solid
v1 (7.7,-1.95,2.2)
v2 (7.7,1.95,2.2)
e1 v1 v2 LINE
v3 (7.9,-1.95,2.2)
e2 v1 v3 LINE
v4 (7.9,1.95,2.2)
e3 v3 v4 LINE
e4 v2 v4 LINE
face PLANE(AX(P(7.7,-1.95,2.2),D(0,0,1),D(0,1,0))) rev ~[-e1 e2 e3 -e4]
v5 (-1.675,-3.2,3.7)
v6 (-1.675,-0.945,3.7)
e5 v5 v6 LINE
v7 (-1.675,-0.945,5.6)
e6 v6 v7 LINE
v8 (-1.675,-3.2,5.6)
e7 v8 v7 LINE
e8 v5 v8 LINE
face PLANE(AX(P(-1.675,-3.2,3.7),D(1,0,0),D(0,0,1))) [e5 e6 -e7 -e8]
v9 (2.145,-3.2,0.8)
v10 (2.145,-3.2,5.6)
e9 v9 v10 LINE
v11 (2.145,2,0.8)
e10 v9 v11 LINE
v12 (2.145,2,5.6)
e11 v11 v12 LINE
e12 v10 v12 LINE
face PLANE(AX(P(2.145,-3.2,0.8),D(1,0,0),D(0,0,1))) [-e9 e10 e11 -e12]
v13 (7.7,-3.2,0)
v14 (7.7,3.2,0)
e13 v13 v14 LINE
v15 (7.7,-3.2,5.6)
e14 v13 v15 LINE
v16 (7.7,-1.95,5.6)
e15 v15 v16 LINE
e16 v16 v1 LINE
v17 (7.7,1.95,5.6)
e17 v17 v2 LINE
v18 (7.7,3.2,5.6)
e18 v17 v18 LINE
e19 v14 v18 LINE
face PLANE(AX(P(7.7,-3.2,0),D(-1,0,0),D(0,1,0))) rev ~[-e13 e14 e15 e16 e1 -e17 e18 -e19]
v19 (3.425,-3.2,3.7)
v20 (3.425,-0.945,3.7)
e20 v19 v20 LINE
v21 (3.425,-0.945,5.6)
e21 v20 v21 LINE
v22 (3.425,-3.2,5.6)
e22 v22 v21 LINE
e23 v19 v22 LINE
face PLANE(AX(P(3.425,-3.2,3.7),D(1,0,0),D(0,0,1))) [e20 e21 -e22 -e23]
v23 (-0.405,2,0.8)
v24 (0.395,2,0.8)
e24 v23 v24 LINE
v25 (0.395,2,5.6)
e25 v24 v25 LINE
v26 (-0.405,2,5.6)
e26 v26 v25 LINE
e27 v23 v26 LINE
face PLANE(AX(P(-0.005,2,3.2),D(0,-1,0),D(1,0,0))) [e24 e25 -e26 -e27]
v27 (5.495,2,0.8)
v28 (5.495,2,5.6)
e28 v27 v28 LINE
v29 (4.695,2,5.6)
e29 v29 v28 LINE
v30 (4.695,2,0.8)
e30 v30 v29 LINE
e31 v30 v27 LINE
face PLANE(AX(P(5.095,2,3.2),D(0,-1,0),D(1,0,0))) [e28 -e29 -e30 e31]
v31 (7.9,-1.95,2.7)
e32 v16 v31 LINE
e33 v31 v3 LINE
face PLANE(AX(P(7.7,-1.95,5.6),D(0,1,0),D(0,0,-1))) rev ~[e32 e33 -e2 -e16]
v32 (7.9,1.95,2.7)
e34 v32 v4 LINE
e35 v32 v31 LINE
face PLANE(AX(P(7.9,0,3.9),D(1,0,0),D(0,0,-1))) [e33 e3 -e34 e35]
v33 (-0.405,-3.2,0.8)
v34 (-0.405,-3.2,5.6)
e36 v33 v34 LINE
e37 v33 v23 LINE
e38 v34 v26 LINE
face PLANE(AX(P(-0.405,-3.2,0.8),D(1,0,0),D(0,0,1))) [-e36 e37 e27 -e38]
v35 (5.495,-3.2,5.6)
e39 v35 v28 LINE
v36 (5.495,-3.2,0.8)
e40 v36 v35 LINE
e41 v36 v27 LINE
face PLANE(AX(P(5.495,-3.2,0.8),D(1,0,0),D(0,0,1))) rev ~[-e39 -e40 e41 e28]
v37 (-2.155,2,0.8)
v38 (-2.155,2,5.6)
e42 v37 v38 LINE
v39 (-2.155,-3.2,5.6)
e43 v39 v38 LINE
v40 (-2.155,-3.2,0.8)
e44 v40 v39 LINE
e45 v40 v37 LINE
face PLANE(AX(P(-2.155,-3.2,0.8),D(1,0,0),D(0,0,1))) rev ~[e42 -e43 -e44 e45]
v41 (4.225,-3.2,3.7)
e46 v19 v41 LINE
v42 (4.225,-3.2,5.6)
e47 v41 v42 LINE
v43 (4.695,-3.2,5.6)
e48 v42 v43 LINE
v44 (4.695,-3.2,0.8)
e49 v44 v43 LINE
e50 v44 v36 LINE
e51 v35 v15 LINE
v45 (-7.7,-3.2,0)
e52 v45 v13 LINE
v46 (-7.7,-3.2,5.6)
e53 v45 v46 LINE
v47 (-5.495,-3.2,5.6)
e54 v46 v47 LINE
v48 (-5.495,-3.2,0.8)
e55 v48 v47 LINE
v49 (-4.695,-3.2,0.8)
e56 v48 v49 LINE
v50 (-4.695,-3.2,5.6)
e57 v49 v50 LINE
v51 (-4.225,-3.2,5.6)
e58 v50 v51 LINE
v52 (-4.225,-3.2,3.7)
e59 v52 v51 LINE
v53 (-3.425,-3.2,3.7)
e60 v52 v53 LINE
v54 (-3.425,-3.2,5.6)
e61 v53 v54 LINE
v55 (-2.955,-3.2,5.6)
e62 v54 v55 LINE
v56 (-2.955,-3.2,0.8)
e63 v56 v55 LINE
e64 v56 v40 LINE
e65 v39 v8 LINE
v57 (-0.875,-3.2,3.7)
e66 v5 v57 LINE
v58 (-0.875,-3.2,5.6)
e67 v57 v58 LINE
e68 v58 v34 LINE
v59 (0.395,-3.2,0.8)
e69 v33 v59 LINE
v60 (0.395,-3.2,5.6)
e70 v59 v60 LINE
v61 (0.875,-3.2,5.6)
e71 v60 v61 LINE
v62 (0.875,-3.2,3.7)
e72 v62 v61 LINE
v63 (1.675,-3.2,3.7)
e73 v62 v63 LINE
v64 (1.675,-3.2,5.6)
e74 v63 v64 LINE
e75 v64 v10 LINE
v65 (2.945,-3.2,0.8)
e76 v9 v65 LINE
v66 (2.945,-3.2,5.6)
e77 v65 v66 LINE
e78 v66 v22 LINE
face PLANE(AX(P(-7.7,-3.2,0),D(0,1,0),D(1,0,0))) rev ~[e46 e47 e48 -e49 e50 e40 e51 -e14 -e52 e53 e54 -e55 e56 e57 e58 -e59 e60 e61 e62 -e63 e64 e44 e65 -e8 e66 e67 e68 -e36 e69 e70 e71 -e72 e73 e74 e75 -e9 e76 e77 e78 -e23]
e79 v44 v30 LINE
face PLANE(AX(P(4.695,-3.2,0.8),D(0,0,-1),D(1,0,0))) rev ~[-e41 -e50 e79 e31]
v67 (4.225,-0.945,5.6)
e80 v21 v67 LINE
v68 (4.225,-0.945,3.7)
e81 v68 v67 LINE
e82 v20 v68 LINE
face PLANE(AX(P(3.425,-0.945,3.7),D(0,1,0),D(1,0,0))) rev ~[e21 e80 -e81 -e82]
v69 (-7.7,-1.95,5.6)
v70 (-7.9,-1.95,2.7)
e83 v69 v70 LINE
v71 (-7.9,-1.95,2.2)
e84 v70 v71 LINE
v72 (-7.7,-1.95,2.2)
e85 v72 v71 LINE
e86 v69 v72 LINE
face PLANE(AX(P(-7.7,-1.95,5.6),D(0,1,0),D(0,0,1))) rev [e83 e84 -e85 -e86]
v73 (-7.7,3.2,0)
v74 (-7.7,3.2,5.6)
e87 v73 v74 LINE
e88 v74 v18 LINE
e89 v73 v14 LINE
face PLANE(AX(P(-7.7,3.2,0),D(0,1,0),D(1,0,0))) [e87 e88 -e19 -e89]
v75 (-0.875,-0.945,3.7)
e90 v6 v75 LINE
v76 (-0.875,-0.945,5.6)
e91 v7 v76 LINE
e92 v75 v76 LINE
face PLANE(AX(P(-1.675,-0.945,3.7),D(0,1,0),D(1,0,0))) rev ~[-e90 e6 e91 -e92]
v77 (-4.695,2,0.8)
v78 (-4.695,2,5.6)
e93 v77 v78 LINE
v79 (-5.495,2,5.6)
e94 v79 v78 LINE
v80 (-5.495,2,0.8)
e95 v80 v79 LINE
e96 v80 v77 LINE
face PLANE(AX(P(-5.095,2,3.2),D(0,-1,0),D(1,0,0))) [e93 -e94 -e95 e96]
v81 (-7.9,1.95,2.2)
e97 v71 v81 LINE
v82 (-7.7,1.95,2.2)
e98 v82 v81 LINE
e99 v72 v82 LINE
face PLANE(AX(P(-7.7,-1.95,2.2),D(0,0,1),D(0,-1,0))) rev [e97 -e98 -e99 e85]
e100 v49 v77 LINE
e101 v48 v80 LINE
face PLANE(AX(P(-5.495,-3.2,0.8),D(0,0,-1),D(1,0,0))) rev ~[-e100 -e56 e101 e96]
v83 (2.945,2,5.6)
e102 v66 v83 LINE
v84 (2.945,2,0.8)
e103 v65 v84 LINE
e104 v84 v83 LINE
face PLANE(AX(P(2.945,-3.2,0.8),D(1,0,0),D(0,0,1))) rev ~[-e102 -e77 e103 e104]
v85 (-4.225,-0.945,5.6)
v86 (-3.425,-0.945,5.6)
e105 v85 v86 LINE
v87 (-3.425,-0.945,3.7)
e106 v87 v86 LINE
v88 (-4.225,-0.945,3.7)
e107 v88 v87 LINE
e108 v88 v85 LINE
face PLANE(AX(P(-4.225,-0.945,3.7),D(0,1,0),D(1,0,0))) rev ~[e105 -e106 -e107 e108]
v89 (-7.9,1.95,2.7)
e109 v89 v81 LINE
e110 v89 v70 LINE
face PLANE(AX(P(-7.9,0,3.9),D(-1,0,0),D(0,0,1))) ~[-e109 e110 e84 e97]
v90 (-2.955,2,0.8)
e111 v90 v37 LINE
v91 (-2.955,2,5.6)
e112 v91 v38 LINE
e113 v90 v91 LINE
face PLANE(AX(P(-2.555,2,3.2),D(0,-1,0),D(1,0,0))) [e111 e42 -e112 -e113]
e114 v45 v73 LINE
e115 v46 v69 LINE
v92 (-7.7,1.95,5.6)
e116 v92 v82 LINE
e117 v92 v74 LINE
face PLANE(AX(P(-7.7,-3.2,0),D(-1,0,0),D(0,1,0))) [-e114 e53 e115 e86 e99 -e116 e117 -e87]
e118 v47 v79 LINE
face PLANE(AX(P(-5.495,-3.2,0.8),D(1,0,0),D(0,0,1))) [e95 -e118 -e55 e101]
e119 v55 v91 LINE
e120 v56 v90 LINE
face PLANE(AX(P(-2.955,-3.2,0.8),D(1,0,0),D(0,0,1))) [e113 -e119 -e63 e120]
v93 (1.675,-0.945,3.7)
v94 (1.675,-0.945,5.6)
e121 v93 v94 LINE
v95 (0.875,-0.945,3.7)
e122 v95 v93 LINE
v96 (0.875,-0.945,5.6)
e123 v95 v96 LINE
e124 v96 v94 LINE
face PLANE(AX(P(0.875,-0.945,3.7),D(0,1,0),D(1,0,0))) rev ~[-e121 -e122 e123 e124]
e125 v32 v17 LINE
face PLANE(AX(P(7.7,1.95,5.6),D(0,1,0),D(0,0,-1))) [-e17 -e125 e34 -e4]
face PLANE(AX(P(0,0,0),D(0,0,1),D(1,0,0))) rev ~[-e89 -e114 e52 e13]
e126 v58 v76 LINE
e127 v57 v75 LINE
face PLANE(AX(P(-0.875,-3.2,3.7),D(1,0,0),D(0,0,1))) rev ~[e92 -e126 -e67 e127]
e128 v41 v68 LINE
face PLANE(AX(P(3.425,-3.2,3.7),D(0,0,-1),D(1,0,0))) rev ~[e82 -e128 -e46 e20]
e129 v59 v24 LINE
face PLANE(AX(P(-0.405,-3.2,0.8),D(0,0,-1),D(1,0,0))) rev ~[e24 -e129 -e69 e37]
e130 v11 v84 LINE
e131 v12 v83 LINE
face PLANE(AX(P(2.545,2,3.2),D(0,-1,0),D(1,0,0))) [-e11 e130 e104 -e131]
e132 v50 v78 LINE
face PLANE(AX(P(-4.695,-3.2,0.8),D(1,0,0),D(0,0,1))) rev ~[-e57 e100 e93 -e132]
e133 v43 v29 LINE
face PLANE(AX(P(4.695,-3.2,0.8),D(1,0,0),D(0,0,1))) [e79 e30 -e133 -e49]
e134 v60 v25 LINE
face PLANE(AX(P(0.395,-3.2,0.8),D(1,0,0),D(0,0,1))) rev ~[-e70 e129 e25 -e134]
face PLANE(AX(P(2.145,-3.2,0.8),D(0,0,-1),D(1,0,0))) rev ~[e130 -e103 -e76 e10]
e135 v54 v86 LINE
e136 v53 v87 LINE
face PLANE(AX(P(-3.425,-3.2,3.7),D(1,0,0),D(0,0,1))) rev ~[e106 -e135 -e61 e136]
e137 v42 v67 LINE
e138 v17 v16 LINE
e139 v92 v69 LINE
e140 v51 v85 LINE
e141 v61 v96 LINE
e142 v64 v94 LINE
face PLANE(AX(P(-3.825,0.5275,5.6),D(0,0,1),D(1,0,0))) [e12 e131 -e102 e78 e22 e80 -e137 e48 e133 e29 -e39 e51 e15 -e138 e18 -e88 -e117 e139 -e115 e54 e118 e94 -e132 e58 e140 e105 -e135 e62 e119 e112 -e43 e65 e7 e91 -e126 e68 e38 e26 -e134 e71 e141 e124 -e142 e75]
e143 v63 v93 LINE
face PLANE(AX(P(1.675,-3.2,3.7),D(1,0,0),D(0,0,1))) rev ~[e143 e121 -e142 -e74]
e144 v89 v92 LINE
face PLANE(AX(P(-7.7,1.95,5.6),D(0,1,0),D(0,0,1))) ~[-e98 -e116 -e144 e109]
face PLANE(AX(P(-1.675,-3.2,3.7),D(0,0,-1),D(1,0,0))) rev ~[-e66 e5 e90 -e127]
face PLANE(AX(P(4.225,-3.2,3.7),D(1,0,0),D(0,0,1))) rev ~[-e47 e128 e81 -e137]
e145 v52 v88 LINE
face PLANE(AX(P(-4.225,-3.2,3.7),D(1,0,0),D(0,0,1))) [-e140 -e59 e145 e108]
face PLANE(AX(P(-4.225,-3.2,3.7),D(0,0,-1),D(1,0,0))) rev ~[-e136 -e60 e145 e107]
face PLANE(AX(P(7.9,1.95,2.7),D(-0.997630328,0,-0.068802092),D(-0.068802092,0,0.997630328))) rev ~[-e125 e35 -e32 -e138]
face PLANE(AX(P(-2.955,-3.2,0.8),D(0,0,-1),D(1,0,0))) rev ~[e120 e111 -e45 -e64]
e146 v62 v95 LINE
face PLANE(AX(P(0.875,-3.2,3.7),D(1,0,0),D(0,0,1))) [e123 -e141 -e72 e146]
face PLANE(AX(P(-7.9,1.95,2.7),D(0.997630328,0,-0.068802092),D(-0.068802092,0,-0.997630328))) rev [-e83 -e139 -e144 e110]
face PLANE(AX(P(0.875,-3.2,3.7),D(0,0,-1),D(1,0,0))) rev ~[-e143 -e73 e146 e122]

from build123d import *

# Parameters (mm, degrees)
SKETCH1_W           = 15.4
SKETCH1_H           = 6.4
BOSS_EXTRUDE1_DEPTH = 5.6
SKETCH2_W           = 0.8
SKETCH2_H           = 4.8
SKETCH2_H_2         = 1.9
CUT_EXTRUDE1_DEPTH  = 5.2
SKETCH3_W           = 3.4
SKETCH3_H           = 3.9
BOSS_EXTRUDE2_DEPTH = 0.2
CUT_EXTRUDE2_REACH  = 12.968
SKETCH5_W           = 0.8
SKETCH5_H           = 2.945
BOSS_EXTRUDE3_DEPTH = 1.9


with BuildPart() as part:
    # Sketch1 → Boss-Extrude1 (new body)
    with BuildSketch(Plane.XY):
        Rectangle(SKETCH1_W, SKETCH1_H)
    extrude(amount=BOSS_EXTRUDE1_DEPTH)

    # Sketch2 → Cut-Extrude1 (cut)
    with BuildSketch(Plane.XZ.offset(3.2)):
        with Locations((5.095, 3.2)):
            Rectangle(SKETCH2_W, SKETCH2_H)
        with Locations((2.545, 3.2)):
            Rectangle(SKETCH2_W, SKETCH2_H)
        with Locations((-0.005, 3.2)):
            Rectangle(SKETCH2_W, SKETCH2_H)
        with Locations((-2.555, 3.2)):
            Rectangle(SKETCH2_W, SKETCH2_H)
        with Locations((-5.095, 3.2)):
            Rectangle(SKETCH2_W, SKETCH2_H)
        with Locations((3.825, 4.65)):
            Rectangle(SKETCH2_W, SKETCH2_H_2)
        with Locations((1.275, 4.65)):
            Rectangle(SKETCH2_W, SKETCH2_H_2)
        with Locations((-1.275, 4.65)):
            Rectangle(SKETCH2_W, SKETCH2_H_2)
        with Locations((-3.825, 4.65)):
            Rectangle(SKETCH2_W, SKETCH2_H_2)
    extrude(amount=-CUT_EXTRUDE1_DEPTH, mode=Mode.SUBTRACT)

    # Sketch3 → Boss-Extrude2 (add)
    with BuildSketch(Plane(origin=(7.7, 0, 0), x_dir=(0, 0, -1), z_dir=(1, 0, 0))):
        with Locations((-3.9, 0)):
            Rectangle(SKETCH3_W, SKETCH3_H)
    boss_extrude2 = extrude(amount=BOSS_EXTRUDE2_DEPTH)

    # Sketch4 → Cut-Extrude2 (cut, up to next)
    with BuildSketch(Plane(origin=(0, 1.95, 0), x_dir=(1, 0, 0), z_dir=(0, 1, 0)), mode=Mode.PRIVATE) as cut_extrude2_sk1:
        Polygon((7.9, -2.7), (7.7, -5.6), (7.9, -5.6), align=None)
    cut_extrude2_tool1 = extrude(cut_extrude2_sk1.sketch, amount=-CUT_EXTRUDE2_REACH, mode=Mode.PRIVATE) & part.part
    cut_extrude2 = cut_extrude2_tool1.solids().sort_by_distance((7.833333, 1.95, 4.633333))[0]
    add(cut_extrude2, mode=Mode.SUBTRACT)

    # Mirror1: Boss-Extrude2, Cut-Extrude2 across plane
    add(boss_extrude2.mirror(Plane(origin=(0, 0, 0), x_dir=(0, 0, 1), z_dir=(1, 0, 0))))
    add(cut_extrude2.mirror(Plane(origin=(0, 0, 0), x_dir=(0, 0, 1), z_dir=(1, 0, 0))), mode=Mode.SUBTRACT)

    # Sketch5 → Boss-Extrude3 (add)
    with BuildSketch(Plane.XY.offset(3.7)):
        with Locations((-3.825, 0.5275)):
            Rectangle(SKETCH5_W, SKETCH5_H)
        with Locations((-1.275, 0.5275)):
            Rectangle(SKETCH5_W, SKETCH5_H)
        with Locations((1.275, 0.5275)):
            Rectangle(SKETCH5_W, SKETCH5_H)
        with Locations((3.825, 0.5275)):
            Rectangle(SKETCH5_W, SKETCH5_H)
    extrude(amount=BOSS_EXTRUDE3_DEPTH)


solid = part.part
